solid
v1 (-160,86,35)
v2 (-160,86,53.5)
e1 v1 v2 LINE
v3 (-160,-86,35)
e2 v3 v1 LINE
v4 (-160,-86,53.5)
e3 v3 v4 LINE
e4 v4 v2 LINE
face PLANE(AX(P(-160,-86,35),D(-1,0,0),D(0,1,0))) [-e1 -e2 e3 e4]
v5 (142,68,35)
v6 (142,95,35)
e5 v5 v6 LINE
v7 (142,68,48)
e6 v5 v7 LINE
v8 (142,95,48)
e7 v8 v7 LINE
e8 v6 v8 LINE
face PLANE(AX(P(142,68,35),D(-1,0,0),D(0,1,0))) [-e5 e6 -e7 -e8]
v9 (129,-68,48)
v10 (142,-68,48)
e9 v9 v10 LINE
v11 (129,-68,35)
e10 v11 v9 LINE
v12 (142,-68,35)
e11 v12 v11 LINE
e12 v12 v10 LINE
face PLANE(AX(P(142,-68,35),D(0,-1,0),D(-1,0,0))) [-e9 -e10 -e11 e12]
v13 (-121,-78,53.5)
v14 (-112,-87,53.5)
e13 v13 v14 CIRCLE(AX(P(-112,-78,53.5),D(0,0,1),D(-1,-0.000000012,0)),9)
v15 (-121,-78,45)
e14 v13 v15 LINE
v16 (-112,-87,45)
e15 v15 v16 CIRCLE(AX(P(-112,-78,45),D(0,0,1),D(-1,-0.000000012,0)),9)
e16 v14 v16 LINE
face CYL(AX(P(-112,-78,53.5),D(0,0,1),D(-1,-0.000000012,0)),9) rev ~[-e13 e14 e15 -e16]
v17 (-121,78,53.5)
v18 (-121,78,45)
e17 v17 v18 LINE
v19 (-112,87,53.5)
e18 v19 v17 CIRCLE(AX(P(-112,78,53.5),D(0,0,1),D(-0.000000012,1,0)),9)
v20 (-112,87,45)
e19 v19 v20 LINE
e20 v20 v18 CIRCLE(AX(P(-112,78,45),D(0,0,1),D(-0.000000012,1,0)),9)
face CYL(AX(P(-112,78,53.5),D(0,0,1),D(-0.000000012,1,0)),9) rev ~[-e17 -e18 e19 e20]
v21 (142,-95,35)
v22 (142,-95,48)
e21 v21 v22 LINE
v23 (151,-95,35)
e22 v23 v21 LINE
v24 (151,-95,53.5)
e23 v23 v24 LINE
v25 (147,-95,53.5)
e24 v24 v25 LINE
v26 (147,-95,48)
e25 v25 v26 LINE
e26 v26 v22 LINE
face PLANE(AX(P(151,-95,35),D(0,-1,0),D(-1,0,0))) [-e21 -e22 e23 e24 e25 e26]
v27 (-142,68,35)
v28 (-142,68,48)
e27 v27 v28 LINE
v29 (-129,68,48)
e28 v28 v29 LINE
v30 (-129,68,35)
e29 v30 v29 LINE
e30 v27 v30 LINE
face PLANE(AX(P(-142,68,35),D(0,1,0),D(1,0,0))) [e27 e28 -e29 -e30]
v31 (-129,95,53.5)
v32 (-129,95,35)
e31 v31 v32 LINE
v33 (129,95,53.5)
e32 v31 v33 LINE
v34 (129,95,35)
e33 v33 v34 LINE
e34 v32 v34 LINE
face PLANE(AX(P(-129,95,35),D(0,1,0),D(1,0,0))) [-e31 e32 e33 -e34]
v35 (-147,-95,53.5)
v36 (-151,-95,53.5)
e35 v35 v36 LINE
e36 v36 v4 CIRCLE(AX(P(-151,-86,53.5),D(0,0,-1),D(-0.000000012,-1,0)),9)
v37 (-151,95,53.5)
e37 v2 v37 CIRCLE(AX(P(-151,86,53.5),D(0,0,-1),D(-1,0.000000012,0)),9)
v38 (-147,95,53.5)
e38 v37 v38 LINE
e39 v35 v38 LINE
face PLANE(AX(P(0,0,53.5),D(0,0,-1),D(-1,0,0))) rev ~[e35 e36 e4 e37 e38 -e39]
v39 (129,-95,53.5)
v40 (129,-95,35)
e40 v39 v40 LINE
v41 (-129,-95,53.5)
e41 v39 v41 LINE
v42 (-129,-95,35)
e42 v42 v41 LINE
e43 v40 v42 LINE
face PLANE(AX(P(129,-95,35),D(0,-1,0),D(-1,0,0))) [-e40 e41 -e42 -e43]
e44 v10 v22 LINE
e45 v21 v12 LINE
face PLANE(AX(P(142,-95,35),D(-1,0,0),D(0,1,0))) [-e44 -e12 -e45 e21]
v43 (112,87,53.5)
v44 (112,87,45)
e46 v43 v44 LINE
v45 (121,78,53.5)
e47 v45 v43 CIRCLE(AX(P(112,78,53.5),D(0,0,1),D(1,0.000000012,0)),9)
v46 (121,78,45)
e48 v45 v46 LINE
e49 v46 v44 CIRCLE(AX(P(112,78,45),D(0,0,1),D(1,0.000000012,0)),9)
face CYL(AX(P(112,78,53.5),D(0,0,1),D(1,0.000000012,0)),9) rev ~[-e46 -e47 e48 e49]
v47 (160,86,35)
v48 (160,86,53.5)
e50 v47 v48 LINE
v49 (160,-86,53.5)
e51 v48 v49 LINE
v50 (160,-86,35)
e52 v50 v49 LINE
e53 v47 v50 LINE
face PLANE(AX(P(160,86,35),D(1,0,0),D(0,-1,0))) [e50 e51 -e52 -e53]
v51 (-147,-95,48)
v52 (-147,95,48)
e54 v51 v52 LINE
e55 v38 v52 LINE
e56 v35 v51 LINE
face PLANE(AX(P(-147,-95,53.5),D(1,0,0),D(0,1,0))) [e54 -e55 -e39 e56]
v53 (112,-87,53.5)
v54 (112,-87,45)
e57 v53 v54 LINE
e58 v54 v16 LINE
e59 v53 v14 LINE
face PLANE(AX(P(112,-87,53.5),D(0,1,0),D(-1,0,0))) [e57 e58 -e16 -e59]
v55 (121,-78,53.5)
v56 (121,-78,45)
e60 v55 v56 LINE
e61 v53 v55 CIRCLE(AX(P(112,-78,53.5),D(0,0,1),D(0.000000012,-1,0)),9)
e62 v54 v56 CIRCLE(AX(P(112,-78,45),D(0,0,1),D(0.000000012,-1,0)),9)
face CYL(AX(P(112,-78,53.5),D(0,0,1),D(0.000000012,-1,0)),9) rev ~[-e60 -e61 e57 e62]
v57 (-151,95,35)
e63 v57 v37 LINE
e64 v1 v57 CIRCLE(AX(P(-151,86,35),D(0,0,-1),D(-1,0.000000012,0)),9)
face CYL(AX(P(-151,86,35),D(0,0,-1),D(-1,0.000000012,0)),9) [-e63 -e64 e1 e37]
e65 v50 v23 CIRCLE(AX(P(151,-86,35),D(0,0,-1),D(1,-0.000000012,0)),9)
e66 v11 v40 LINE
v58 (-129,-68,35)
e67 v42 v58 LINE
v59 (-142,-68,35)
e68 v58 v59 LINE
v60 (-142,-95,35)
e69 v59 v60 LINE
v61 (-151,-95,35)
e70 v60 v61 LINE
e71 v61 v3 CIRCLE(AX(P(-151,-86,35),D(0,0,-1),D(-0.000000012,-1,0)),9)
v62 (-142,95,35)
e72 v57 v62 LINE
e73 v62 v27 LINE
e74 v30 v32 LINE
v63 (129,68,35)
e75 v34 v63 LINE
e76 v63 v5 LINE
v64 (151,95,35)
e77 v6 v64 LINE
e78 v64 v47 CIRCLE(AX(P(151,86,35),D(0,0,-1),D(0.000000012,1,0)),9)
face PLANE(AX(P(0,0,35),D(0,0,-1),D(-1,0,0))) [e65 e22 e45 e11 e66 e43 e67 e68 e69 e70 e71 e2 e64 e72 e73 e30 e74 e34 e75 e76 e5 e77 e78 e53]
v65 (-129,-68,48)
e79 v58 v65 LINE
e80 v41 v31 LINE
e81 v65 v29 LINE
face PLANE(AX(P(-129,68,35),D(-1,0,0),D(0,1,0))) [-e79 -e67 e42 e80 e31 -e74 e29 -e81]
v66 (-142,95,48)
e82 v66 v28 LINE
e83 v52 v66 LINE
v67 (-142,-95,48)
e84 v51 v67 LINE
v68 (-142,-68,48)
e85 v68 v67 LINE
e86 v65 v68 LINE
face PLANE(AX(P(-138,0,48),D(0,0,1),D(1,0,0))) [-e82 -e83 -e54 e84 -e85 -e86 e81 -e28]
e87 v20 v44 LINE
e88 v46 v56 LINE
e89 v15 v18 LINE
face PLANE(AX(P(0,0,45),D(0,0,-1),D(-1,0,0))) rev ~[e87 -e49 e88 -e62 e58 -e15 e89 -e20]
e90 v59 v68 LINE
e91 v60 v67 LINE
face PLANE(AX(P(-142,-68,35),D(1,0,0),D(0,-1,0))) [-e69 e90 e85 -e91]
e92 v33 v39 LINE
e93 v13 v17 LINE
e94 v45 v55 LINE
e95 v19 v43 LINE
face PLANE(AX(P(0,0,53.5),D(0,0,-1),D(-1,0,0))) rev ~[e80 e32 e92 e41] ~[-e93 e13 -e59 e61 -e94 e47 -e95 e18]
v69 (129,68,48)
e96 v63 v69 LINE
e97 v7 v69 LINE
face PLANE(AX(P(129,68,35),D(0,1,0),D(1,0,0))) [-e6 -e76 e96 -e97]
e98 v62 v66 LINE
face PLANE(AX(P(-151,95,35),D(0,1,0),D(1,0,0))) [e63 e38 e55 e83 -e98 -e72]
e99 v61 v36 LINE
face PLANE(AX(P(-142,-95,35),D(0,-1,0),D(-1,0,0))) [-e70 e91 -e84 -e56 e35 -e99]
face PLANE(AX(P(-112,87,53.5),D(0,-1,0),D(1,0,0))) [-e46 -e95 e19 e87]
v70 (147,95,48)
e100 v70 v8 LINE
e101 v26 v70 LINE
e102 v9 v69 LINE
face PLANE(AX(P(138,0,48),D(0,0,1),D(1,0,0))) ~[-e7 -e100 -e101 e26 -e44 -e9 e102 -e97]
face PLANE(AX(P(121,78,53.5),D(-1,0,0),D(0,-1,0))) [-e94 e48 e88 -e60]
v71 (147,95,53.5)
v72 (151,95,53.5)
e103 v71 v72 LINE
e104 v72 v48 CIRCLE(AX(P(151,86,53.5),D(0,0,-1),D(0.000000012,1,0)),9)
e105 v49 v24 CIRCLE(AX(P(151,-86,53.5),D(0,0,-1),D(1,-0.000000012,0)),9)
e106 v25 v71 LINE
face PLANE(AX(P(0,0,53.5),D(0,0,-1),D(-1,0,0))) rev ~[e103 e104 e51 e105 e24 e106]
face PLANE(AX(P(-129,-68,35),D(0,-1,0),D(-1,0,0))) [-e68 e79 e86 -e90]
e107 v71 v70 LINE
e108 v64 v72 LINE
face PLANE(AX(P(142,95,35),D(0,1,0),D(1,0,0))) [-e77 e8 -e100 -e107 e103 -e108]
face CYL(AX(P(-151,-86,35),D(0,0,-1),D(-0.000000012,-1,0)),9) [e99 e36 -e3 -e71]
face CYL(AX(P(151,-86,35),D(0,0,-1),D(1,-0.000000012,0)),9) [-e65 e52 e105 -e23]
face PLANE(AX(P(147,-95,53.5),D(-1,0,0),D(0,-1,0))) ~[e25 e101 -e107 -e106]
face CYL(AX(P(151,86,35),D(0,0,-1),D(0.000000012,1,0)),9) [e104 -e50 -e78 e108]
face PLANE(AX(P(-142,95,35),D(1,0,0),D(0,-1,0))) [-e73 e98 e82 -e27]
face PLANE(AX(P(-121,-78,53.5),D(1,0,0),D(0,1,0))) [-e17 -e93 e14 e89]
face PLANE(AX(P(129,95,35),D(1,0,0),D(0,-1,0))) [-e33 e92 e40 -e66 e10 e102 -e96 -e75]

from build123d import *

# Parameters (mm, degrees)
PAD003_DEPTH    = 18.5
SKETCH005_W     = 18
SKETCH005_H     = 190
POCKET_DEPTH    = 5.5
POCKET001_DEPTH = 8.5


with BuildPart() as part:
    # Clone2D002 → Pad003 (new body)
    with BuildSketch(Plane.XY):
        with BuildLine():
            Line((-151, 95), (-142, 95))
            Line((-142, 95), (-142, 68))
            Line((-142, 68), (-129, 68))
            Line((-129, 68), (-129, 95))
            Line((-129, 95), (129, 95))
            Line((129, 95), (129, 68))
            Line((129, 68), (142, 68))
            Line((142, 68), (142, 95))
            Line((142, 95), (151, 95))
            ThreePointArc((151, 95), (157.363961, 92.363961), (160, 86))
            Line((160, 86), (160, -86))
            ThreePointArc((160, -86), (157.363961, -92.363961), (151, -95))
            Line((151, -95), (142, -95))
            Line((142, -95), (142, -68))
            Line((142, -68), (129, -68))
            Line((129, -68), (129, -95))
            Line((129, -95), (-129, -95))
            Line((-129, -95), (-129, -68))
            Line((-129, -68), (-142, -68))
            Line((-142, -68), (-142, -95))
            Line((-142, -95), (-151, -95))
            ThreePointArc((-151, -95), (-157.363961, -92.363961), (-160, -86))
            Line((-160, -86), (-160, 86))
            ThreePointArc((-160, 86), (-157.363961, 92.363961), (-151, 95))
        make_face()
    extrude(amount=PAD003_DEPTH)

    # Sketch005 (on Face26 of Pad003) → Pocket (cut)
    with BuildSketch(Plane.XY.offset(18.5)):
        with Locations((-138, 0)):
            Rectangle(SKETCH005_W, SKETCH005_H)
    pocket = extrude(amount=-POCKET_DEPTH, mode=Mode.SUBTRACT)

    # Mirrored: Pocket across Sketch005 V_Axis
    add(pocket.mirror(Plane(origin=(0, 0, 18.5), x_dir=(0, 0, 1), z_dir=(1, 0, 0))), mode=Mode.SUBTRACT)

    # Sketch006 (on Face31 of Pocket) → Pocket001 (cut)
    with BuildSketch(Plane.XY.offset(18.5)):
        with BuildLine():
            Line((-112, 87), (112, 87))
            ThreePointArc((121, 78), (118.363961, 84.363961), (112, 87))
            Line((121, 78), (121, -78))
            ThreePointArc((112, -87), (118.363961, -84.363961), (121, -78))
            Line((112, -87), (-112, -87))
            ThreePointArc((-121, -78), (-118.363961, -84.363961), (-112, -87))
            Line((-121, -78), (-121, 78))
            ThreePointArc((-112, 87), (-118.363961, 84.363961), (-121, 78))
        make_face()
    pocket001 = extrude(amount=-POCKET001_DEPTH, mode=Mode.SUBTRACT)

    # Mirrored001: Pocket001 across Sketch006 V_Axis
    add(pocket001.mirror(Plane(origin=(0, 0, 18.5), x_dir=(0, 0, 1), z_dir=(1, 0, 0))), mode=Mode.SUBTRACT)


with BuildPart() as part_1:
    # Clone001 placement: moved
    add(part.part.moved(Location((0, 0, 35))))


solid = part_1.part
